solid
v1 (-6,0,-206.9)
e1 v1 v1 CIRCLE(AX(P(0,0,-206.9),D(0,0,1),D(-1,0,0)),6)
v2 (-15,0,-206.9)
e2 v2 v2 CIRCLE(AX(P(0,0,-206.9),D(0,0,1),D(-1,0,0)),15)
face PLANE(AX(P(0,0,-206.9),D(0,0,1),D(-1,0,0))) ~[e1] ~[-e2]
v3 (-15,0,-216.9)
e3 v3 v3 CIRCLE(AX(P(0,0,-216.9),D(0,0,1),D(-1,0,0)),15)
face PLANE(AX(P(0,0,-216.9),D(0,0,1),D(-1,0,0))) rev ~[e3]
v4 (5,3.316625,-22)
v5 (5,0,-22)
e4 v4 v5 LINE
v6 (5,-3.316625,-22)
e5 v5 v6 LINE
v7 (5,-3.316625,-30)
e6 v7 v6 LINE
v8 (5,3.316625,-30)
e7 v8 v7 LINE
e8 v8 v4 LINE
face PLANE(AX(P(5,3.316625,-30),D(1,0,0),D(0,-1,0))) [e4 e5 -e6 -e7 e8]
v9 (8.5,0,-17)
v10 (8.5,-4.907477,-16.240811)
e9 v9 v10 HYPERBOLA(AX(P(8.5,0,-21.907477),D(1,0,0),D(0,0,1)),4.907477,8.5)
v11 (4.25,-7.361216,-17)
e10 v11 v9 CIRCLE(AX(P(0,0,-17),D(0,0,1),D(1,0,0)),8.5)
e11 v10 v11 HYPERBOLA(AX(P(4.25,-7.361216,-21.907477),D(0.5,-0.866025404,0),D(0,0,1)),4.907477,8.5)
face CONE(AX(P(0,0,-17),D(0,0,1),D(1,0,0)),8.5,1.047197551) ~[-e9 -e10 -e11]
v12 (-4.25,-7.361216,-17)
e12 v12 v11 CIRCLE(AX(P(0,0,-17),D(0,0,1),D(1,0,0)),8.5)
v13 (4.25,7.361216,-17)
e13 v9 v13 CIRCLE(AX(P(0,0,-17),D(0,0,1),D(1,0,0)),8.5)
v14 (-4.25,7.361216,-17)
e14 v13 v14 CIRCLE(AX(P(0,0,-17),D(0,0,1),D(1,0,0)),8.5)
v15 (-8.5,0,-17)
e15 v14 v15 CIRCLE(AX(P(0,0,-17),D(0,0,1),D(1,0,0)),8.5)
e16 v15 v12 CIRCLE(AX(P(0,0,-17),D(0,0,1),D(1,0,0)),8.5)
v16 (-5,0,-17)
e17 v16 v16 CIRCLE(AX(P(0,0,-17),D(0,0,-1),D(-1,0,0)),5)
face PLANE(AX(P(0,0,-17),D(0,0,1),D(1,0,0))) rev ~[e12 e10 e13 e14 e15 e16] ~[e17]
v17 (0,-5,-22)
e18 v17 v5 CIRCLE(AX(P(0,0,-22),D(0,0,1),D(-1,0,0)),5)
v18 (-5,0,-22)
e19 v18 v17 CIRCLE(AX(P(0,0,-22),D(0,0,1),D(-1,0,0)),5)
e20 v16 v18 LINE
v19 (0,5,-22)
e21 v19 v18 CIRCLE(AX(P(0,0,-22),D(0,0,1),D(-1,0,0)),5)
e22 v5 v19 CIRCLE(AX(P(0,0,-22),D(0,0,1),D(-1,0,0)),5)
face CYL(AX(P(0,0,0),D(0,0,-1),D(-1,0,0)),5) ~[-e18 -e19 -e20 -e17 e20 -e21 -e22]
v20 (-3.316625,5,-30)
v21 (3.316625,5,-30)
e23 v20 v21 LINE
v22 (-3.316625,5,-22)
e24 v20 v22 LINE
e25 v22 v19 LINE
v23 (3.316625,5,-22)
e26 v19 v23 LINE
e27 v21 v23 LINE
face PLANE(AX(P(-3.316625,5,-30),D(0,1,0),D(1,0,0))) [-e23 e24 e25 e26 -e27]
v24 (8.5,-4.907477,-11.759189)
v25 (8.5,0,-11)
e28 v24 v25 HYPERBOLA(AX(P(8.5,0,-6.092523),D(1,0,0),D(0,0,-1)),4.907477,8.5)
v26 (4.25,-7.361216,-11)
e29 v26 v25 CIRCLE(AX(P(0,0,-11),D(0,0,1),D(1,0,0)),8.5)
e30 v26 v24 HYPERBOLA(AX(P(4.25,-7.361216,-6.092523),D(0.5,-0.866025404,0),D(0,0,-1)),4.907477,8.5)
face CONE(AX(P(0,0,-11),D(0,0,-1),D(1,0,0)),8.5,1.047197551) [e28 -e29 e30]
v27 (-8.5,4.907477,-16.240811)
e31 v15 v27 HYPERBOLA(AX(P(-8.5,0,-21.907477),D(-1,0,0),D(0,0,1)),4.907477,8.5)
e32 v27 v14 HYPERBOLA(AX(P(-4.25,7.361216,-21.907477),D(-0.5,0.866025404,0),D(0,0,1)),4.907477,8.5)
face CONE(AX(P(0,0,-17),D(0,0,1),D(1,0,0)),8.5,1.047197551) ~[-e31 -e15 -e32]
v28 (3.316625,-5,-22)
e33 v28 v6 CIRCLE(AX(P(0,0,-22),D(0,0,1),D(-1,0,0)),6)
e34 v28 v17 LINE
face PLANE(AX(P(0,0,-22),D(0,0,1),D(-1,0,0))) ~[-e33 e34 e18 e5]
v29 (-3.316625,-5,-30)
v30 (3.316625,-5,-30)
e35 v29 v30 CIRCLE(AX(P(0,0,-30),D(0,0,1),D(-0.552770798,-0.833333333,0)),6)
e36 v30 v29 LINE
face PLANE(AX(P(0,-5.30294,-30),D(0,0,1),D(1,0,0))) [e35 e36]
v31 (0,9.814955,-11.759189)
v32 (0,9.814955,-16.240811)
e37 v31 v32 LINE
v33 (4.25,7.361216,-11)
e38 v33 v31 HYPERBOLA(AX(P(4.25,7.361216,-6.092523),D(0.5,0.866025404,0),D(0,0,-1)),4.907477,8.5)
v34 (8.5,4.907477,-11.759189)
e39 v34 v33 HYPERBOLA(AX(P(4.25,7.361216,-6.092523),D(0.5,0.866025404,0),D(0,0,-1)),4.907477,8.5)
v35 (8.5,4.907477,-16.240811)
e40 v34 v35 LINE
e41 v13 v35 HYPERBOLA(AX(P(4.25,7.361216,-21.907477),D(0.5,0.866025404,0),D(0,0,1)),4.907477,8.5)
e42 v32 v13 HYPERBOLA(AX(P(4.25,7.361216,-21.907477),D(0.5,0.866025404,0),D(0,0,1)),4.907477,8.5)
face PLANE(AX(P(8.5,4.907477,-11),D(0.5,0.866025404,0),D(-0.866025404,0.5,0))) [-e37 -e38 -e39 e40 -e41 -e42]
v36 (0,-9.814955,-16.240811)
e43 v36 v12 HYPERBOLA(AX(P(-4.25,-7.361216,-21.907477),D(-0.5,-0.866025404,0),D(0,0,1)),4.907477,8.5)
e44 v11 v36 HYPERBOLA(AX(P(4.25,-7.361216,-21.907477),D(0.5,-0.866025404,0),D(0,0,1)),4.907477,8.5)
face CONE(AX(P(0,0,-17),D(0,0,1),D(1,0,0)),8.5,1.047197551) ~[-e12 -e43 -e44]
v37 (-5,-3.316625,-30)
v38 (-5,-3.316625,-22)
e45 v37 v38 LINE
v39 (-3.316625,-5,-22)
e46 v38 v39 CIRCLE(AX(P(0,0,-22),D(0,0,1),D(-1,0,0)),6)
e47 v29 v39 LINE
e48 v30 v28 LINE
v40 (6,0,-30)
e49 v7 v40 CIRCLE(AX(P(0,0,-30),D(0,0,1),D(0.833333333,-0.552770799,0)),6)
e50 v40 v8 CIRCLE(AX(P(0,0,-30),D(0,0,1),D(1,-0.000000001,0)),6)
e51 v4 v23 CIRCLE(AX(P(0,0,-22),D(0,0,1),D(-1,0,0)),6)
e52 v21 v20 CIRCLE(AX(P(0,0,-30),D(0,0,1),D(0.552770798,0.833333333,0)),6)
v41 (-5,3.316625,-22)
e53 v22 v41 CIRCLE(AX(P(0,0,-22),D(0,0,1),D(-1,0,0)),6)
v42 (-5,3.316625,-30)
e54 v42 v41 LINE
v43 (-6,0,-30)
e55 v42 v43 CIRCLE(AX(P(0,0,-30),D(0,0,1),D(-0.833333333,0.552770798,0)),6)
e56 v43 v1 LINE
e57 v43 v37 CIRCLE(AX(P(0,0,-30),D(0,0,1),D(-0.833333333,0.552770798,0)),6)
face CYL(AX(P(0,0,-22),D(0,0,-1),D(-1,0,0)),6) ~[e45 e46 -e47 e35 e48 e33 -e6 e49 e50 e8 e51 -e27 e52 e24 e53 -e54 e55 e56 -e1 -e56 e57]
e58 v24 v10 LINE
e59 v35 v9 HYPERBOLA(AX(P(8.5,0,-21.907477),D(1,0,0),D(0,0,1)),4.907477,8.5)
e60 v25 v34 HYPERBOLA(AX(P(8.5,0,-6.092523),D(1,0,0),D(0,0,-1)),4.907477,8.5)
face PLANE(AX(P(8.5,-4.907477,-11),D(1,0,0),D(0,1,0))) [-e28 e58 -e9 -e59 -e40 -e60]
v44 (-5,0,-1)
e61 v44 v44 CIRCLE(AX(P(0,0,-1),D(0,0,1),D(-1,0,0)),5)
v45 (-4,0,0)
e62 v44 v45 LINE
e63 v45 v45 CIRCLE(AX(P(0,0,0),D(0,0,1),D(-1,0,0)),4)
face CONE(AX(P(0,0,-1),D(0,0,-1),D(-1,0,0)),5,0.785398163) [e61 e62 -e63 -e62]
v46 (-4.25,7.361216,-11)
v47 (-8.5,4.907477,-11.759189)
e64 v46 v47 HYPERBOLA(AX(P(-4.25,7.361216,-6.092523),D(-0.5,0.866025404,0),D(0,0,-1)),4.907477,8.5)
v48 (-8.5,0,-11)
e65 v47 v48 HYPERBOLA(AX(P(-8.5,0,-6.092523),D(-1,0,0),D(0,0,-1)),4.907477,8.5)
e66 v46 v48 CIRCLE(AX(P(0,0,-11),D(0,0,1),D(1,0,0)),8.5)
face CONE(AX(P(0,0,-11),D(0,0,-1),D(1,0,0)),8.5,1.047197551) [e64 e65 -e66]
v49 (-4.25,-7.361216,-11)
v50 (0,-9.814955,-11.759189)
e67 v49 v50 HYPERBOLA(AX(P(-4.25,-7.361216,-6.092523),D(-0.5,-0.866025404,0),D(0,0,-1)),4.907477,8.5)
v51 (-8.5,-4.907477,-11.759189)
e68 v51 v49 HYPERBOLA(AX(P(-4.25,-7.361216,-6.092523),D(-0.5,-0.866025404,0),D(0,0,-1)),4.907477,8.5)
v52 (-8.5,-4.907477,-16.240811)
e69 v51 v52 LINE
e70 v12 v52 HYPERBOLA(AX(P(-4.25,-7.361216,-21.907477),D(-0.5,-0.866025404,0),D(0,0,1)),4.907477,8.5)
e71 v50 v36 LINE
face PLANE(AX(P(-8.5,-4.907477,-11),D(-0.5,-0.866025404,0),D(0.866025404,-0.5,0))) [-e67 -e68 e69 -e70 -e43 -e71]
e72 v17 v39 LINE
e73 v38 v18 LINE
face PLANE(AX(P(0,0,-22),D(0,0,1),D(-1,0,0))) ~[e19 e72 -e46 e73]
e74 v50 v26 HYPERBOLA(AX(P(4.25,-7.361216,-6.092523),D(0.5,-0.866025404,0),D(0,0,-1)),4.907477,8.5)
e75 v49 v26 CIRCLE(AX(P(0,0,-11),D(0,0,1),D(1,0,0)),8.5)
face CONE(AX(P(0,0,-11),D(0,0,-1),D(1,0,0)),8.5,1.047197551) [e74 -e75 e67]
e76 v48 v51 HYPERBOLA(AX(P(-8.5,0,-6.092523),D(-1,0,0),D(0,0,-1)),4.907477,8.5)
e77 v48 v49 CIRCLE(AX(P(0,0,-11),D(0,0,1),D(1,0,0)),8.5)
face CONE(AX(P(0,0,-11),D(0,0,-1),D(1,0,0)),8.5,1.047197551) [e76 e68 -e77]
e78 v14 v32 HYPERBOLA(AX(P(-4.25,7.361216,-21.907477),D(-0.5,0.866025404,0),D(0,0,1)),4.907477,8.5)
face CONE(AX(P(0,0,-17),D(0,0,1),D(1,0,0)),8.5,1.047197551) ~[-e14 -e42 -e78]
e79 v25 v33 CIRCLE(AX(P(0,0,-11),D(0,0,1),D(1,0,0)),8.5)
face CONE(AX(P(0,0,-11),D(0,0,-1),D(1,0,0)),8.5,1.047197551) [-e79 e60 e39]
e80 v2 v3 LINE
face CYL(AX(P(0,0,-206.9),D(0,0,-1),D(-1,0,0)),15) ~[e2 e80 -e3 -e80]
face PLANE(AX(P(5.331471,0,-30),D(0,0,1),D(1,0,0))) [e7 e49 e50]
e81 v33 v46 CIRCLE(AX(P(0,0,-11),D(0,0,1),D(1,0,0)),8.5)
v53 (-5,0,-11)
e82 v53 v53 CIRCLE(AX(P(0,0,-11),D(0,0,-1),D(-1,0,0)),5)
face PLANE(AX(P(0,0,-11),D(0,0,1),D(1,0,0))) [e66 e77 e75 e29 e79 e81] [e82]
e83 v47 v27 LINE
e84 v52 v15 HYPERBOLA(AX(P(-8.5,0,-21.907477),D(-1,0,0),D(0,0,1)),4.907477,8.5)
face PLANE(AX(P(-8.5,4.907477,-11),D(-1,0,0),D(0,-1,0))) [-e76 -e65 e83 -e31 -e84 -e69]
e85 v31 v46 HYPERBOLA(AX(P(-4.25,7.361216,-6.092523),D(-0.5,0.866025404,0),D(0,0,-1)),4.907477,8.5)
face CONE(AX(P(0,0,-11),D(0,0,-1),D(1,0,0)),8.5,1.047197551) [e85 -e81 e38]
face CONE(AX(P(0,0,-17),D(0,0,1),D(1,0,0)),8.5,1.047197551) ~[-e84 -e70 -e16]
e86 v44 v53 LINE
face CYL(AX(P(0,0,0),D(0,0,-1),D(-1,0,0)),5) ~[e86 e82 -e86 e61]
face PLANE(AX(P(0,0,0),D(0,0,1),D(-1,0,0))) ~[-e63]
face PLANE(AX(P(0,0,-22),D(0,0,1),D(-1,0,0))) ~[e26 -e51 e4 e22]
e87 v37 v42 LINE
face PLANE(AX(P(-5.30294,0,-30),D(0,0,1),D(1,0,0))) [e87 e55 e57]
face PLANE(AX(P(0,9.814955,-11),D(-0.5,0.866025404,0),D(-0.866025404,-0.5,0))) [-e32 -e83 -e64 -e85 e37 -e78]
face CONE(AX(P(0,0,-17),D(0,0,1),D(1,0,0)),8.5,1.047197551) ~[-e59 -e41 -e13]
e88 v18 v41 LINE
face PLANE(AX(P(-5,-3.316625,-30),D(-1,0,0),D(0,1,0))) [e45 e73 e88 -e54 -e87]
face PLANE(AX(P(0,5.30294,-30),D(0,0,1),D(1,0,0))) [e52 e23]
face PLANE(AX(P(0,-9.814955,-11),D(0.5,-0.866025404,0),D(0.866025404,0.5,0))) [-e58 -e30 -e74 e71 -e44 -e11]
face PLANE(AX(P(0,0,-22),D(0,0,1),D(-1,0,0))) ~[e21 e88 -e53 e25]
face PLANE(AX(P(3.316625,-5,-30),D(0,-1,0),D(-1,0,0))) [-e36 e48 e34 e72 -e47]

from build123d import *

# Parameters (mm, degrees)
EXTRUDE_1_DEPTH      = 6
SKETCH_5_3_OUTSIDE_W = 103.914
SKETCH_5_3_OUTSIDE_H = 103.914
SKETCH_5_3_OUTSIDE_R = 8.5
CUT_EXTRUDE_1_DEPTH  = 8
CUT_EXTRUDE_1_DRAFT  = -60
CUT_EXTRUDE_START    = -6
SKETCH_5_4_OUTSIDE_W = 103.914
SKETCH_5_4_OUTSIDE_H = 103.914
SKETCH_5_4_OUTSIDE_R = 8.5
CUT_EXTRUDE_2_DEPTH  = 8
CUT_EXTRUDE_2_DRAFT  = 60
CUT_EXTRUDE_START_2  = -8
CUT_EXTRUDE_3_DEPTH  = 8
CHAMFER_1_SIZE       = 1


with BuildPart() as part:
    # 草图4 → 旋转1 (revolve)
    with BuildSketch(Plane(origin=(0, 0, 0), x_dir=(0, 0, -1), z_dir=(1, 0, 0)), mode=Mode.PRIVATE) as revolve_1_sk:
        Polygon((206.9, 6), (206.9, 15), (216.9, 15), (216.9, 0), (0, 0), (0, 5), (22, 5), (22, 6), align=None)
    revolve(revolve_1_sk.sketch.rotate(Axis((0, 0, -216.9), (0, 0, 1)), 90), axis=Axis((0, 0, -216.9), (0, 0, 1)))

    # 草图6 → 切除-拉伸3 (cut)
    with BuildSketch(Plane.XY.offset(-22).offset(CUT_EXTRUDE_START_2)):
        with BuildLine():
            ThreePointArc((3.31662479, 5), (0, 6), (-3.31662479, 5))
            Line((-3.31662479, 5), (3.31662479, 5))
        make_face()
        with BuildLine():
            ThreePointArc((6, 0), (5.744562647, 1.732050808), (5, 3.31662479))
            Line((5, 3.31662479), (5, -3.31662479))
            ThreePointArc((5, -3.31662479), (5.744562647, -1.732050808), (6, 0))
        make_face()
        with BuildLine():
            Line((3.31662479, -5), (-3.31662479, -5))
            ThreePointArc((-3.31662479, -5), (0, -6), (3.31662479, -5))
        make_face()
        with BuildLine():
            Line((-5, -3.31662479), (-5, 3.31662479))
            ThreePointArc((-5, 3.31662479), (-6, 0), (-5, -3.31662479))
        make_face()
    extrude(amount=CUT_EXTRUDE_3_DEPTH, mode=Mode.SUBTRACT)

    # 倒角1
    chamfer_1_edges = [part.edges().sort_by_distance(p)[0] for p in [
        (5, 0, 0),
    ]]
    chamfer(chamfer_1_edges, length=CHAMFER_1_SIZE)


with BuildPart() as body_2:
    # 草图5 → 凸台-拉伸1 (new body)
    with BuildSketch(Plane.XY.offset(-11)):
        Polygon((0, 9.814954576), (-8.5, 4.907477288), (-8.5, -4.907477288), (0, -9.814954576), (8.5, -4.907477288), (8.5, 4.907477288), align=None)
    extrude(amount=-EXTRUDE_1_DEPTH)


with BuildPart() as cut_extrude_1_tool:
    # 草图5<3> outside → 切除-拉伸1 (with draft: the straight prism first)
    with BuildSketch(Plane.XY.offset(-11)):
        Rectangle(SKETCH_5_3_OUTSIDE_W, SKETCH_5_3_OUTSIDE_H)
        Circle(SKETCH_5_3_OUTSIDE_R, mode=Mode.SUBTRACT)
    extrude(amount=-CUT_EXTRUDE_1_DEPTH)
    # 切除-拉伸1: the draft: its side faces are tilted about the plane it starts from
    cut_extrude_1_sides = [cut_extrude_1_tool.faces().sort_by_distance(p)[0] for p in [
        (0, -51.957, -15),
        (51.957, 0, -15),
        (0, 51.957, -15),
        (-51.957, 0, -15),
        (-8.5, 0, -15),
    ]]
    draft(cut_extrude_1_sides, Plane.XY.offset(-11), CUT_EXTRUDE_1_DRAFT)


with BuildPart() as body_2_1:
    add(body_2.part)

    # 切除-拉伸1: cut by cut_extrude_1_tool
    add(cut_extrude_1_tool.part, mode=Mode.SUBTRACT)


with BuildPart() as cut_extrude_2_tool:
    # 草图5<4> outside → 切除-拉伸2 (with draft: the straight prism first)
    with BuildSketch(Plane.XY.offset(-11).offset(CUT_EXTRUDE_START)):
        Rectangle(SKETCH_5_4_OUTSIDE_W, SKETCH_5_4_OUTSIDE_H)
        Circle(SKETCH_5_4_OUTSIDE_R, mode=Mode.SUBTRACT)
    extrude(amount=CUT_EXTRUDE_2_DEPTH)
    # 切除-拉伸2: the draft: its side faces are tilted about the plane it starts from
    cut_extrude_2_sides = [cut_extrude_2_tool.faces().sort_by_distance(p)[0] for p in [
        (0, -51.957, -13),
        (51.957, 0, -13),
        (0, 51.957, -13),
        (-51.957, 0, -13),
        (-8.5, 0, -13),
    ]]
    draft(cut_extrude_2_sides, Plane.XY.offset(-11).offset(CUT_EXTRUDE_START), CUT_EXTRUDE_2_DRAFT)


with BuildPart() as body_2_2:
    add(body_2_1.part)

    # 切除-拉伸2: cut by cut_extrude_2_tool
    add(cut_extrude_2_tool.part, mode=Mode.SUBTRACT)

    # Combine 1: union part
    add(part.part)


solid = body_2_2.part
